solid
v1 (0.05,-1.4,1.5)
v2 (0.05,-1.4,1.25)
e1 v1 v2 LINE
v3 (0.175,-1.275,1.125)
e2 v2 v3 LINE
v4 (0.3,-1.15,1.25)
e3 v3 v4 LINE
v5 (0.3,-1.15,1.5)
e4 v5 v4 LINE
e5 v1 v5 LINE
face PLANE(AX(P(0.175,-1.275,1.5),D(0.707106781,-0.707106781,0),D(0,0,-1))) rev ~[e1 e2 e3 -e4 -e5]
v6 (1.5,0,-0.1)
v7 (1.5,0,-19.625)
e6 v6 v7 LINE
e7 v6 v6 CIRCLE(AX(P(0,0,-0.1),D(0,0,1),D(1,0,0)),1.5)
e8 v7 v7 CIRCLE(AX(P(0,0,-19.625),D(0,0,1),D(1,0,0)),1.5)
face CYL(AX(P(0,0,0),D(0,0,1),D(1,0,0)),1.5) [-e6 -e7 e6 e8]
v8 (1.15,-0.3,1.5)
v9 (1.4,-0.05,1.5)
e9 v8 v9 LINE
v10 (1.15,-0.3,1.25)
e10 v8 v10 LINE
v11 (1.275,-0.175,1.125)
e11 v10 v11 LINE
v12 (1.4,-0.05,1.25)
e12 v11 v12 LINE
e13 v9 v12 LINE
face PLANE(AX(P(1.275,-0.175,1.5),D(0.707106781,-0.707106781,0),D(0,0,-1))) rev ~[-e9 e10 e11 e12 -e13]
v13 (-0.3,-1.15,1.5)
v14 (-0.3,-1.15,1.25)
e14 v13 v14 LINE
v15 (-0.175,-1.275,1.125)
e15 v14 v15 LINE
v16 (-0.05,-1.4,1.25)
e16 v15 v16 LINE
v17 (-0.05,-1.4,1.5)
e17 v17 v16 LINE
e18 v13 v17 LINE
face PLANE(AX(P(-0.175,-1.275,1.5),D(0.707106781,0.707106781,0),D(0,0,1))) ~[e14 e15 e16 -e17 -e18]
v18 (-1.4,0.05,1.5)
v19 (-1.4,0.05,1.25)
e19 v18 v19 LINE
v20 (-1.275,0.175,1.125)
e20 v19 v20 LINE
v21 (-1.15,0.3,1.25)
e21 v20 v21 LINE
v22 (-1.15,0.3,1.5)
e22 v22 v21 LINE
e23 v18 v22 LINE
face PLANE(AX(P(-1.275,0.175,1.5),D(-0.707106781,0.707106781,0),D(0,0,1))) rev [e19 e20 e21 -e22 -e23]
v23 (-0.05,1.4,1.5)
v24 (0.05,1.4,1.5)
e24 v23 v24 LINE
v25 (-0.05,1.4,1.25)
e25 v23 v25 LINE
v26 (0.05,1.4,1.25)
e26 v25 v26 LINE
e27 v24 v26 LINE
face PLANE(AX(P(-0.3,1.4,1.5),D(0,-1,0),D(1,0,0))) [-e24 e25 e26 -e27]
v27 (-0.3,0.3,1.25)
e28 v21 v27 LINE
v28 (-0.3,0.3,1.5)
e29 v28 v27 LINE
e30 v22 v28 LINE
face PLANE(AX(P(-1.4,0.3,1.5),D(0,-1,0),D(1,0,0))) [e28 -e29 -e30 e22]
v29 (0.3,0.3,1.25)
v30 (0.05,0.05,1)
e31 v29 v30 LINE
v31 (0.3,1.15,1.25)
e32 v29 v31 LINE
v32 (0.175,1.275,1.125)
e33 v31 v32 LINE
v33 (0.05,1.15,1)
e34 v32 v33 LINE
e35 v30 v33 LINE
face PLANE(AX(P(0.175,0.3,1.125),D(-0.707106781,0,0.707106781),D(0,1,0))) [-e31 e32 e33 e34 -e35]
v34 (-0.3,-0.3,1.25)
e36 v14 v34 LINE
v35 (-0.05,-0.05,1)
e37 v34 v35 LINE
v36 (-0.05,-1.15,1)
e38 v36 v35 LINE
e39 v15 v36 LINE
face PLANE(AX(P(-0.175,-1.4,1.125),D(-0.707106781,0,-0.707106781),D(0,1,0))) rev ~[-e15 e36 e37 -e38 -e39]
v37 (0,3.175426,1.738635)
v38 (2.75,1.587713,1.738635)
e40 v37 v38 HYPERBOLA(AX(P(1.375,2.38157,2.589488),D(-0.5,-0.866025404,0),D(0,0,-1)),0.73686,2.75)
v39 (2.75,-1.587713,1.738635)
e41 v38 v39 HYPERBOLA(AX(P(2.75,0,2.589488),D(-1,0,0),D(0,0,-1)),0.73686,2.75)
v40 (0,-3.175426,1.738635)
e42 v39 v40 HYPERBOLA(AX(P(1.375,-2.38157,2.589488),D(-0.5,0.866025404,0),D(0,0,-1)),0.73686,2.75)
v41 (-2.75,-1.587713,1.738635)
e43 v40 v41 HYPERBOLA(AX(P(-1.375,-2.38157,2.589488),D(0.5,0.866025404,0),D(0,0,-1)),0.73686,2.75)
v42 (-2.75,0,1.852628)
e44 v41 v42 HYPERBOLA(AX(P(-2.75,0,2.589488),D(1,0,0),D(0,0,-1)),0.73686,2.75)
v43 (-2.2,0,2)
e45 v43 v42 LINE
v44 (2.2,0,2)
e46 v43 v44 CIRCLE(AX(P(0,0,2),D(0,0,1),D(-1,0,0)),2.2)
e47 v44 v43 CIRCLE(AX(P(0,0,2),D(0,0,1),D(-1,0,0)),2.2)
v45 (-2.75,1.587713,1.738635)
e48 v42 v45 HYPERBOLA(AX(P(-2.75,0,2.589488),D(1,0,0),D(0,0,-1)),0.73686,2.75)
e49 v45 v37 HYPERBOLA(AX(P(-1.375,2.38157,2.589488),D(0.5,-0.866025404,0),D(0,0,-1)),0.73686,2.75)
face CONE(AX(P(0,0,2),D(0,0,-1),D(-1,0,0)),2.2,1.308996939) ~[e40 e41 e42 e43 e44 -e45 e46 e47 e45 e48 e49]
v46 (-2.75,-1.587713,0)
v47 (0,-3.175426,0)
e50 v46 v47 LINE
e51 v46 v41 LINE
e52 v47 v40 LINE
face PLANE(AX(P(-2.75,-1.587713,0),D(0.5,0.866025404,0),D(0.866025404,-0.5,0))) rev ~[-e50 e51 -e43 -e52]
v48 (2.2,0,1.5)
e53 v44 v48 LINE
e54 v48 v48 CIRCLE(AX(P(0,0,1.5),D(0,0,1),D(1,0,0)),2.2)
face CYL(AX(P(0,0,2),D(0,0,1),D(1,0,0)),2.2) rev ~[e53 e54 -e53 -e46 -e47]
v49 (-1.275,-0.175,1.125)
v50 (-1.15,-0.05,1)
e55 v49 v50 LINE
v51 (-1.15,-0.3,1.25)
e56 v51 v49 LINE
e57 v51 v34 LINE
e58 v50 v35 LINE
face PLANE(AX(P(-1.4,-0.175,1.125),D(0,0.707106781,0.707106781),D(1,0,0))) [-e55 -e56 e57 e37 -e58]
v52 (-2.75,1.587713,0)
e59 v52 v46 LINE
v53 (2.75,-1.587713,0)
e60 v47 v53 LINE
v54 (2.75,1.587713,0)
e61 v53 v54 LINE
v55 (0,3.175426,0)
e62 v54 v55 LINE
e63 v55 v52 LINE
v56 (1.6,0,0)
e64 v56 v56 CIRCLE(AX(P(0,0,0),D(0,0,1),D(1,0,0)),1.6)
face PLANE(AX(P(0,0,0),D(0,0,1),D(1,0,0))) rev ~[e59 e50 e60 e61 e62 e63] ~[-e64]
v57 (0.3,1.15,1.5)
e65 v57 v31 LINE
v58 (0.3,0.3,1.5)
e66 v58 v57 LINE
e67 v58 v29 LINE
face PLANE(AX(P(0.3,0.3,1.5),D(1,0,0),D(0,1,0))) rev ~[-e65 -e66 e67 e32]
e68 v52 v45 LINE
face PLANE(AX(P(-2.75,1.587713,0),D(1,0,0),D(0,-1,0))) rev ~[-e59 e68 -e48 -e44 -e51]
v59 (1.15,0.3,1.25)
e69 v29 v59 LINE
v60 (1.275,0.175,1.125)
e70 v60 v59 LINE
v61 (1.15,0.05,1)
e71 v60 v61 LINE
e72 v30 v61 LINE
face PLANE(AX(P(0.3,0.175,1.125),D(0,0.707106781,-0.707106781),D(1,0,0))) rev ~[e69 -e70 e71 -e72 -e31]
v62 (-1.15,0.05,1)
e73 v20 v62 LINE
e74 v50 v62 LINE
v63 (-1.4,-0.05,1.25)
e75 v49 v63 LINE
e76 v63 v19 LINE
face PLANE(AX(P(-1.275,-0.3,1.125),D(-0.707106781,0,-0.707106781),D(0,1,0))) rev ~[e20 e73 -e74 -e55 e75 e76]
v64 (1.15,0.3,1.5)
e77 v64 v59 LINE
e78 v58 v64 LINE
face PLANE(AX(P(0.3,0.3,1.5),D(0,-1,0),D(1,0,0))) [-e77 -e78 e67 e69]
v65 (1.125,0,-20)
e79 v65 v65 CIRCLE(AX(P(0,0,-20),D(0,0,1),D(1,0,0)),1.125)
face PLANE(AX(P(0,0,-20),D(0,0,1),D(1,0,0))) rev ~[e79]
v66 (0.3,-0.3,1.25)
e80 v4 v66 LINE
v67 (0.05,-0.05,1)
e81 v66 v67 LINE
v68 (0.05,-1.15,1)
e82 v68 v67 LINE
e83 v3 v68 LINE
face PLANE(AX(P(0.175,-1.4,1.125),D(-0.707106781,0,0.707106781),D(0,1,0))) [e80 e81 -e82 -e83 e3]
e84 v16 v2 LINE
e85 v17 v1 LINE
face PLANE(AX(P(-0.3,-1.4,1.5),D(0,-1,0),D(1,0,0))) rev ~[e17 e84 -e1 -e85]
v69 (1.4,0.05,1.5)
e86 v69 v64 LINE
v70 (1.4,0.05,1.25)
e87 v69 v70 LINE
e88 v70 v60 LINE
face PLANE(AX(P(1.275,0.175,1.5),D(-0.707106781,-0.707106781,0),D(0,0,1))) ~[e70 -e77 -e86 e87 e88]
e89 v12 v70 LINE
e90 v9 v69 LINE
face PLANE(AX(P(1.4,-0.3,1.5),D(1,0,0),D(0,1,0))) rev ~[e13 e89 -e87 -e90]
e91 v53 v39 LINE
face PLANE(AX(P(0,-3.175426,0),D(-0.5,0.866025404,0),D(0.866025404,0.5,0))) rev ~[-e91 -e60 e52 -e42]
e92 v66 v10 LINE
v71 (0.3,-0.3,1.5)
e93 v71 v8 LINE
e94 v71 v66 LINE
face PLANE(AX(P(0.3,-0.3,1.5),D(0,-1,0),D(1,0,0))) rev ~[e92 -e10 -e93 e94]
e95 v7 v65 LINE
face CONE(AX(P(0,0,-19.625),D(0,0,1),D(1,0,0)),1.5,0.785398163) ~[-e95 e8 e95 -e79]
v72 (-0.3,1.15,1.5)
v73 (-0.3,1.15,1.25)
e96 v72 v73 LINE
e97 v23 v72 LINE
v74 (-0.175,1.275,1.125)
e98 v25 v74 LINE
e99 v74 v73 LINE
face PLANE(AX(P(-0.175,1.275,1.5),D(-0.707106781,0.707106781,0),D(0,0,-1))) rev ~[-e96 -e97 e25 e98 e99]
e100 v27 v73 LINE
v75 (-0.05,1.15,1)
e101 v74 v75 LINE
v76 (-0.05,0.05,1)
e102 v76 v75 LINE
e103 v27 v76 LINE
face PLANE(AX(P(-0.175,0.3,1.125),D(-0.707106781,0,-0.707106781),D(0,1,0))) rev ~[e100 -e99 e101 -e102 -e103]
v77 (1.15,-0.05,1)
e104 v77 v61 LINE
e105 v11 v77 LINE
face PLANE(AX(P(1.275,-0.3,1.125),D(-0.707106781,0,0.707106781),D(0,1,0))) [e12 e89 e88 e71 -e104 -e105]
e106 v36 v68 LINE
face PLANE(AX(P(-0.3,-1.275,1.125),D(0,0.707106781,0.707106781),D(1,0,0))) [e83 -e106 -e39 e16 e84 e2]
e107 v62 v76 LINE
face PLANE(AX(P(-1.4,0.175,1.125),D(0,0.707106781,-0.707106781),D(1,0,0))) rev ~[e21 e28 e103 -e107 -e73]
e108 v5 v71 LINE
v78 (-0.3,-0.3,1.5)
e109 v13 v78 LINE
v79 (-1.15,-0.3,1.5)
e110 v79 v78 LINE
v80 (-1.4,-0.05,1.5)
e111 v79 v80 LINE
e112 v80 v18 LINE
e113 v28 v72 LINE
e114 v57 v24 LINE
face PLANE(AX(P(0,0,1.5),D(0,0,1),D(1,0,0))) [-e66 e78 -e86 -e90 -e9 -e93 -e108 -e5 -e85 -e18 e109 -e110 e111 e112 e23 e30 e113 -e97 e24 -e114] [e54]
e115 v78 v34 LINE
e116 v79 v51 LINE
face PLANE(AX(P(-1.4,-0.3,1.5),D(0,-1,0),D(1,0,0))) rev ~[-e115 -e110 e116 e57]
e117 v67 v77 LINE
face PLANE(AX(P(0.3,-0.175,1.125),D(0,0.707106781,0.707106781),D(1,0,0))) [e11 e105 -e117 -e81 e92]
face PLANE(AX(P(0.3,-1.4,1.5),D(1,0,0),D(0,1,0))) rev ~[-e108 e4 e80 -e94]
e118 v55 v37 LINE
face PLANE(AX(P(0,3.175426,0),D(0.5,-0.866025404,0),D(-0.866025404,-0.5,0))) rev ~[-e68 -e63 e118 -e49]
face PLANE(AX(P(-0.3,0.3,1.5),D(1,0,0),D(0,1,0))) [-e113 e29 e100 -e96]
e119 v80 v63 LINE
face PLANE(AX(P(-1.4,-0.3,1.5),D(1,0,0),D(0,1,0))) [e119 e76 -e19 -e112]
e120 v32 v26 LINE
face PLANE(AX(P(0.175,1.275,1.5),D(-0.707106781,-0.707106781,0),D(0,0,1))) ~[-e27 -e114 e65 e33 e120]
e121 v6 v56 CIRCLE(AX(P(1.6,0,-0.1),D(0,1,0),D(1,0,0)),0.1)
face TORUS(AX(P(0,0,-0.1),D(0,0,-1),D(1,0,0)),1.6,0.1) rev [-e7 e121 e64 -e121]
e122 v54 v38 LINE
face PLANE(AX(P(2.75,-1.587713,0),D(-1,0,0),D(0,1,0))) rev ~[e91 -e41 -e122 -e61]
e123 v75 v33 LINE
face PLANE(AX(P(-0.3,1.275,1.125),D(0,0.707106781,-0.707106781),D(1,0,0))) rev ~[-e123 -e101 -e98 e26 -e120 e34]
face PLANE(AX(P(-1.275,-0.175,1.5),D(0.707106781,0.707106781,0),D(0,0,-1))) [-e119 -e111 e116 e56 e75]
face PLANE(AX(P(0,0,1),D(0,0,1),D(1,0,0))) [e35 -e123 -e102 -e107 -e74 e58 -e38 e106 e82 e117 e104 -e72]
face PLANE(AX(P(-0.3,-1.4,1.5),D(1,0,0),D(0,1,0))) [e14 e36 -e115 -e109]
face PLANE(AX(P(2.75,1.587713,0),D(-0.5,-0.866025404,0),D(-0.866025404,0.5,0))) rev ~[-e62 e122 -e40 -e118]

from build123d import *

# Parameters (mm, degrees)
EXTRUDE_1_DEPTH     = 2
SKETCH_3_R          = 1.5
EXTRUDE_3_DEPTH     = 20
SKETCH_7_R          = 2.2
CUT_EXTRUDE_3_DEPTH = 0.5
SKETCH_6_W          = 2.8
SKETCH_6_H          = 0.6
SKETCH_6_W_2        = 0.6
SKETCH_6_H_2        = 2.8
CUT_EXTRUDE_1_DEPTH = 0.5
CHAMFER_1_SIZE      = 0.375
FILLET_1_R          = 0.1
CHAMFER_2_SIZE      = 0.25
CHAMFER_3_SIZE      = 0.25


with BuildPart() as part:
    # 草图1 → 凸台-拉伸1 (new body)
    with BuildSketch(Plane.XY):
        Polygon((0, 3.175426481), (-2.75, 1.58771324), (-2.75, -1.58771324), (0, -3.175426481), (2.75, -1.58771324), (2.75, 1.58771324), align=None)
    extrude(amount=EXTRUDE_1_DEPTH)

    # 草图3 → 凸台-拉伸3 (add)
    with BuildSketch(Plane.XY):
        Circle(SKETCH_3_R)
    extrude(amount=-EXTRUDE_3_DEPTH)

    # 草图4 → 切除-旋转1 (revolve, cut)
    with BuildSketch(Plane(origin=(0, 0, 0), x_dir=(0, 0, -1), z_dir=(1, 0, 0)), mode=Mode.PRIVATE) as cut_revolve_1_sk:
        Polygon((-2, 11), (-2, 2.2), (0.357952893, 11), align=None)
    revolve(cut_revolve_1_sk.sketch.rotate(Axis((0, 0, -2.242017917), (0, 0, 1)), 90), axis=Axis((0, 0, -2.242017917), (0, 0, 1)), mode=Mode.SUBTRACT)

    # 草图7 → 切除-拉伸3 (cut)
    with BuildSketch(Plane.XY.offset(2)):
        Circle(SKETCH_7_R)
    extrude(amount=-CUT_EXTRUDE_3_DEPTH, mode=Mode.SUBTRACT)

    # 草图6 → 切除-拉伸1 (cut)
    with BuildSketch(Plane.XY.offset(1.5)):
        Rectangle(SKETCH_6_W, SKETCH_6_H)
        Rectangle(SKETCH_6_W_2, SKETCH_6_H_2)
    extrude(amount=-CUT_EXTRUDE_1_DEPTH, mode=Mode.SUBTRACT)

    # 倒角1
    chamfer_1_edges = [part.edges().sort_by_distance(p)[0] for p in [
        (-1.5, 0, -20),
    ]]
    chamfer(chamfer_1_edges, length=CHAMFER_1_SIZE)

    # 圆角1
    fillet_1_edges = [part.edges().sort_by_distance(p)[0] for p in [
        (-1.5, 0, 0),
    ]]
    fillet(fillet_1_edges, radius=FILLET_1_R)

    # 倒角2
    chamfer_2_edges = [part.edges().sort_by_distance(p)[0] for p in [
        (0.3, 0.85, 1),
        (0.85, 0.3, 1),
        (-0.3, -0.85, 1),
        (-1.4, 0, 1),
        (-0.85, 0.3, 1),
        (-0.3, 0.85, 1),
        (0, 1.4, 1),
        (0, -1.4, 1),
        (0.3, -0.85, 1),
        (-0.85, -0.3, 1),
        (1.4, 0, 1),
        (0.85, -0.3, 1),
    ]]
    chamfer(chamfer_2_edges, length=CHAMFER_2_SIZE)

    # 倒角3
    chamfer_3_edges = [part.edges().sort_by_distance(p)[0] for p in [
        (1.4, 0.3, 1.375),
        (1.4, -0.3, 1.375),
        (0.3, -1.4, 1.375),
        (-0.3, -1.4, 1.375),
        (-1.4, -0.3, 1.375),
        (-1.4, 0.3, 1.375),
        (-0.3, 1.4, 1.375),
        (0.3, 1.4, 1.375),
    ]]
    chamfer(chamfer_3_edges, length=CHAMFER_3_SIZE)


solid = part.part
